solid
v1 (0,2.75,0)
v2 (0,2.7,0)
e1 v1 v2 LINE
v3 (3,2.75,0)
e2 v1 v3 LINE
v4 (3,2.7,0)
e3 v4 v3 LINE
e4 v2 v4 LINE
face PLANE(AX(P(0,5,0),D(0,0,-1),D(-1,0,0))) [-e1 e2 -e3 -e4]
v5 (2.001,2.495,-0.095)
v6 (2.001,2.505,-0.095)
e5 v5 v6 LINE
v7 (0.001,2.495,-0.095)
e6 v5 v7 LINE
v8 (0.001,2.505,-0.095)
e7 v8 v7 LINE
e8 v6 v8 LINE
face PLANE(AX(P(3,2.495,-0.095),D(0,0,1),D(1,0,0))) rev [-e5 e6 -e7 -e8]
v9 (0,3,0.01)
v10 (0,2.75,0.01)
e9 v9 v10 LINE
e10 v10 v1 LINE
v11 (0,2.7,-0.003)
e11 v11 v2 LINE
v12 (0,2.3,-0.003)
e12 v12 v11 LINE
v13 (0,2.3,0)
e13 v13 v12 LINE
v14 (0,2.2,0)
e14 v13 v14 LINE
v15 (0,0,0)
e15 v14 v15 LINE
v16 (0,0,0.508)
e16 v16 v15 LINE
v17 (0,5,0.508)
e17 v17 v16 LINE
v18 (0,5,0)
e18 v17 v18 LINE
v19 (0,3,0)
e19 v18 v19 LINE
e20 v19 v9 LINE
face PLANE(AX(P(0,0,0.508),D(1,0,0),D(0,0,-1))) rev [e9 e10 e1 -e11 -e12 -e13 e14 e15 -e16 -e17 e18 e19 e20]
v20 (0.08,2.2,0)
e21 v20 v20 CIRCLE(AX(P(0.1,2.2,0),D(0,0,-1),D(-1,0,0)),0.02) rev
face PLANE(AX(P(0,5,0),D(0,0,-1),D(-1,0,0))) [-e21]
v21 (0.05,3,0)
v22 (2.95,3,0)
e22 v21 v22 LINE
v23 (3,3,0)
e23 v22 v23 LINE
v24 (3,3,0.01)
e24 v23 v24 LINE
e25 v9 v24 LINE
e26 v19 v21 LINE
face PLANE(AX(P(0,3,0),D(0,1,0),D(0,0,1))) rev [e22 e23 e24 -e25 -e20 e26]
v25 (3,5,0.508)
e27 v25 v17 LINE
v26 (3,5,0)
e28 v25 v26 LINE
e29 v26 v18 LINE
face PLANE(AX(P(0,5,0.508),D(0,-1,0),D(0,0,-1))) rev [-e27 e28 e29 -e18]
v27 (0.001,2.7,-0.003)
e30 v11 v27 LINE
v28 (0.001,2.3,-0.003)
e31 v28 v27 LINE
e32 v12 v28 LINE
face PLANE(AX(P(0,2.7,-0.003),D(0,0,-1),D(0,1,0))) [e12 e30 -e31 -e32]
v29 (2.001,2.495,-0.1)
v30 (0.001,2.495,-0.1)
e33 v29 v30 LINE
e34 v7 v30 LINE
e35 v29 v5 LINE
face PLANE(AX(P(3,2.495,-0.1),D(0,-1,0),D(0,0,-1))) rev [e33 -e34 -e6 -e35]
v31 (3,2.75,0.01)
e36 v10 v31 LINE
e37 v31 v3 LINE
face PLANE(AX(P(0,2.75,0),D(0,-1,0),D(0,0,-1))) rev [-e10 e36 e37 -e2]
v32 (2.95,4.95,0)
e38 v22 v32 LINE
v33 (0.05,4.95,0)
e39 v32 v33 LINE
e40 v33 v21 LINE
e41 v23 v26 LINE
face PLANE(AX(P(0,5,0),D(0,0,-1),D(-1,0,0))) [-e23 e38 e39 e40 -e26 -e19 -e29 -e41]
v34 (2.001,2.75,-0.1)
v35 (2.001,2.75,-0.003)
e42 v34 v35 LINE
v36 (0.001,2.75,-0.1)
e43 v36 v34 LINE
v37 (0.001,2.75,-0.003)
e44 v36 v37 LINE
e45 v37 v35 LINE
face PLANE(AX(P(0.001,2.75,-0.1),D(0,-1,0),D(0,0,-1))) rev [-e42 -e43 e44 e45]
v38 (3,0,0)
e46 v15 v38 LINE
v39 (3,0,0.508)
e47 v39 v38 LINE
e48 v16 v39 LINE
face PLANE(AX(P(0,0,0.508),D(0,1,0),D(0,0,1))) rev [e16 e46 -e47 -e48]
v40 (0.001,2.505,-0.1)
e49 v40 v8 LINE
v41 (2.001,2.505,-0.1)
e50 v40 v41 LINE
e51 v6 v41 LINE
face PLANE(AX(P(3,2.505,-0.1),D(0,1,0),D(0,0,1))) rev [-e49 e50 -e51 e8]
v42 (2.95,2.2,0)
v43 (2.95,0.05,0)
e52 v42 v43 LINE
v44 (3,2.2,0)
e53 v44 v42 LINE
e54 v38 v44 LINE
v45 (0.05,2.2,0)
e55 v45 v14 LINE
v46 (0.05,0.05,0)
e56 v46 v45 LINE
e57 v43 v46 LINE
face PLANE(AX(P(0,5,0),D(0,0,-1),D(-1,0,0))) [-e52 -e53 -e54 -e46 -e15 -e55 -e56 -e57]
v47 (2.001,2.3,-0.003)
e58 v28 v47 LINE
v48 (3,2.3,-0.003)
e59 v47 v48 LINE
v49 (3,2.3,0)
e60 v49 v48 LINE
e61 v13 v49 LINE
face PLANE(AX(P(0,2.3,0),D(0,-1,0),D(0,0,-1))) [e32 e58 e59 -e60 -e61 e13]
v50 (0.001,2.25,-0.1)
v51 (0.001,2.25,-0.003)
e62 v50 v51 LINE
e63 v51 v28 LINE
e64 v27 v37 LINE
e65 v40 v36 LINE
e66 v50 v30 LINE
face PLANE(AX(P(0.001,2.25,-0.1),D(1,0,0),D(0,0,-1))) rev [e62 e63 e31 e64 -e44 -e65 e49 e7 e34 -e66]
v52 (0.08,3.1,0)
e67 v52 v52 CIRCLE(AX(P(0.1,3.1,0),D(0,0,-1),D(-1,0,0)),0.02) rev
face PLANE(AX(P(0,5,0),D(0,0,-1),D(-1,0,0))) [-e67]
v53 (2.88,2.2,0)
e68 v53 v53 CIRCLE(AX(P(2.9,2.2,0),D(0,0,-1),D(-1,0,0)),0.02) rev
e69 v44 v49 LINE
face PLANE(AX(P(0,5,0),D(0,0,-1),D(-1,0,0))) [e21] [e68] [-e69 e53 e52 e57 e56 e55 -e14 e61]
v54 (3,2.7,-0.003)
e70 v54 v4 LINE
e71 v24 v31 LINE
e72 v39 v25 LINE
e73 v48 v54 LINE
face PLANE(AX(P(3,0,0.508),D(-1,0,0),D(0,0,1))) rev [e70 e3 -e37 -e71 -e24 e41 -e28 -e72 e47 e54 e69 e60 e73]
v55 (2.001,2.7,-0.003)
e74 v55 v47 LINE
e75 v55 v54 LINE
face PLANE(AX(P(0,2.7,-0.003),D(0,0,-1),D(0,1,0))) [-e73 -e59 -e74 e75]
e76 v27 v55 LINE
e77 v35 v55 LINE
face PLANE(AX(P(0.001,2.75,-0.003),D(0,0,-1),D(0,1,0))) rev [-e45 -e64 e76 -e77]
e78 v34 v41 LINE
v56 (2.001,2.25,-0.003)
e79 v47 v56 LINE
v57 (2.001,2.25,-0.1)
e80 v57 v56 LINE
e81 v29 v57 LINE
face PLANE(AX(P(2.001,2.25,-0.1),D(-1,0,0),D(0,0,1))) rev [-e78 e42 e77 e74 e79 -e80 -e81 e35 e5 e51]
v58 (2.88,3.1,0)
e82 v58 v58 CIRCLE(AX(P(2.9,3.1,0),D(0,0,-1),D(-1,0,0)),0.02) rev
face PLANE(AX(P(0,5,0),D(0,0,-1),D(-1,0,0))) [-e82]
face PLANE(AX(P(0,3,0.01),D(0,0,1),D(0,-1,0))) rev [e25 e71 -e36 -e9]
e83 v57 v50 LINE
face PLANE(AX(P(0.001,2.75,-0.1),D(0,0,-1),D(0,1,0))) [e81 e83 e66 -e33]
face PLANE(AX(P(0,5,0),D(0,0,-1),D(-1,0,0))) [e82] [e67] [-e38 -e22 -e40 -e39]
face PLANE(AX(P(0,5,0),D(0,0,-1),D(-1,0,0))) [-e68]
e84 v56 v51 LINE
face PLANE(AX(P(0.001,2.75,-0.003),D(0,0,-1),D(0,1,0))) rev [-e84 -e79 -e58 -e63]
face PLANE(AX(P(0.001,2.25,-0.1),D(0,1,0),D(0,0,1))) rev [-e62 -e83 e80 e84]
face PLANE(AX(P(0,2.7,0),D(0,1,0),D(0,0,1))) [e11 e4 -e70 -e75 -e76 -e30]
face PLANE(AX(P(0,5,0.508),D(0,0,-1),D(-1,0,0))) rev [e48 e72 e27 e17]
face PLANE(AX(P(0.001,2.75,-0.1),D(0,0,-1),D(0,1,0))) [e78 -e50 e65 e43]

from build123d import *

# Parameters (mm, degrees)
SKETCH1_W           = 3
SKETCH1_H           = 5
BASE_EXTRUDE_DEPTH  = 0.508
SKETCH2_W           = 0.01
SKETCH2_H           = 0.25
CUT_EXTRUDE1_DEPTH  = 4
SKETCH3_W           = 0.003
SKETCH3_H           = 0.4
BOSS_EXTRUDE2_DEPTH = 3
SKETCH16_W          = 2
SKETCH16_H          = 0.5
BOSS_EXTRUDE3_DEPTH = 0.097
SKETCH17_W          = 0.005
SKETCH17_H          = 0.01
CUT_EXTRUDE2_DEPTH  = 4


with BuildPart() as part:
    # Sketch1 → Base-Extrude (new body)
    with BuildSketch(Plane.XY):
        with Locations((1.5, 2.5)):
            Rectangle(SKETCH1_W, SKETCH1_H)
    extrude(amount=BASE_EXTRUDE_DEPTH)

    # Sketch2 → Cut-Extrude1 (cut, through all)
    with BuildSketch(Plane(origin=(3, 0, 0), x_dir=(0, 0, -1), z_dir=(1, 0, 0))):
        with Locations((-0.005, 2.875)):
            Rectangle(SKETCH2_W, SKETCH2_H)
    extrude(amount=-CUT_EXTRUDE1_DEPTH, mode=Mode.SUBTRACT)

    # Sketch3 → Boss-Extrude2 (add)
    with BuildSketch(Plane(origin=(3, 0, 0), x_dir=(0, 0, -1), z_dir=(1, 0, 0))):
        with Locations((0.0015, 2.5)):
            Rectangle(SKETCH3_W, SKETCH3_H)
    extrude(amount=-BOSS_EXTRUDE2_DEPTH)

    # Sketch16 → Boss-Extrude3 (add)
    with BuildSketch(Plane(origin=(0, 0, -0.003), x_dir=(-1, 0, 0), z_dir=(0, 0, -1))):
        with Locations((-1.001, 2.5)):
            Rectangle(SKETCH16_W, SKETCH16_H)
    extrude(amount=BOSS_EXTRUDE3_DEPTH)

    # Sketch17 → Cut-Extrude2 (cut, through all)
    with BuildSketch(Plane.ZY):
        with Locations((-0.0975, 2.5)):
            Rectangle(SKETCH17_W, SKETCH17_H)
    extrude(amount=-CUT_EXTRUDE2_DEPTH, mode=Mode.SUBTRACT)


solid = part.part
